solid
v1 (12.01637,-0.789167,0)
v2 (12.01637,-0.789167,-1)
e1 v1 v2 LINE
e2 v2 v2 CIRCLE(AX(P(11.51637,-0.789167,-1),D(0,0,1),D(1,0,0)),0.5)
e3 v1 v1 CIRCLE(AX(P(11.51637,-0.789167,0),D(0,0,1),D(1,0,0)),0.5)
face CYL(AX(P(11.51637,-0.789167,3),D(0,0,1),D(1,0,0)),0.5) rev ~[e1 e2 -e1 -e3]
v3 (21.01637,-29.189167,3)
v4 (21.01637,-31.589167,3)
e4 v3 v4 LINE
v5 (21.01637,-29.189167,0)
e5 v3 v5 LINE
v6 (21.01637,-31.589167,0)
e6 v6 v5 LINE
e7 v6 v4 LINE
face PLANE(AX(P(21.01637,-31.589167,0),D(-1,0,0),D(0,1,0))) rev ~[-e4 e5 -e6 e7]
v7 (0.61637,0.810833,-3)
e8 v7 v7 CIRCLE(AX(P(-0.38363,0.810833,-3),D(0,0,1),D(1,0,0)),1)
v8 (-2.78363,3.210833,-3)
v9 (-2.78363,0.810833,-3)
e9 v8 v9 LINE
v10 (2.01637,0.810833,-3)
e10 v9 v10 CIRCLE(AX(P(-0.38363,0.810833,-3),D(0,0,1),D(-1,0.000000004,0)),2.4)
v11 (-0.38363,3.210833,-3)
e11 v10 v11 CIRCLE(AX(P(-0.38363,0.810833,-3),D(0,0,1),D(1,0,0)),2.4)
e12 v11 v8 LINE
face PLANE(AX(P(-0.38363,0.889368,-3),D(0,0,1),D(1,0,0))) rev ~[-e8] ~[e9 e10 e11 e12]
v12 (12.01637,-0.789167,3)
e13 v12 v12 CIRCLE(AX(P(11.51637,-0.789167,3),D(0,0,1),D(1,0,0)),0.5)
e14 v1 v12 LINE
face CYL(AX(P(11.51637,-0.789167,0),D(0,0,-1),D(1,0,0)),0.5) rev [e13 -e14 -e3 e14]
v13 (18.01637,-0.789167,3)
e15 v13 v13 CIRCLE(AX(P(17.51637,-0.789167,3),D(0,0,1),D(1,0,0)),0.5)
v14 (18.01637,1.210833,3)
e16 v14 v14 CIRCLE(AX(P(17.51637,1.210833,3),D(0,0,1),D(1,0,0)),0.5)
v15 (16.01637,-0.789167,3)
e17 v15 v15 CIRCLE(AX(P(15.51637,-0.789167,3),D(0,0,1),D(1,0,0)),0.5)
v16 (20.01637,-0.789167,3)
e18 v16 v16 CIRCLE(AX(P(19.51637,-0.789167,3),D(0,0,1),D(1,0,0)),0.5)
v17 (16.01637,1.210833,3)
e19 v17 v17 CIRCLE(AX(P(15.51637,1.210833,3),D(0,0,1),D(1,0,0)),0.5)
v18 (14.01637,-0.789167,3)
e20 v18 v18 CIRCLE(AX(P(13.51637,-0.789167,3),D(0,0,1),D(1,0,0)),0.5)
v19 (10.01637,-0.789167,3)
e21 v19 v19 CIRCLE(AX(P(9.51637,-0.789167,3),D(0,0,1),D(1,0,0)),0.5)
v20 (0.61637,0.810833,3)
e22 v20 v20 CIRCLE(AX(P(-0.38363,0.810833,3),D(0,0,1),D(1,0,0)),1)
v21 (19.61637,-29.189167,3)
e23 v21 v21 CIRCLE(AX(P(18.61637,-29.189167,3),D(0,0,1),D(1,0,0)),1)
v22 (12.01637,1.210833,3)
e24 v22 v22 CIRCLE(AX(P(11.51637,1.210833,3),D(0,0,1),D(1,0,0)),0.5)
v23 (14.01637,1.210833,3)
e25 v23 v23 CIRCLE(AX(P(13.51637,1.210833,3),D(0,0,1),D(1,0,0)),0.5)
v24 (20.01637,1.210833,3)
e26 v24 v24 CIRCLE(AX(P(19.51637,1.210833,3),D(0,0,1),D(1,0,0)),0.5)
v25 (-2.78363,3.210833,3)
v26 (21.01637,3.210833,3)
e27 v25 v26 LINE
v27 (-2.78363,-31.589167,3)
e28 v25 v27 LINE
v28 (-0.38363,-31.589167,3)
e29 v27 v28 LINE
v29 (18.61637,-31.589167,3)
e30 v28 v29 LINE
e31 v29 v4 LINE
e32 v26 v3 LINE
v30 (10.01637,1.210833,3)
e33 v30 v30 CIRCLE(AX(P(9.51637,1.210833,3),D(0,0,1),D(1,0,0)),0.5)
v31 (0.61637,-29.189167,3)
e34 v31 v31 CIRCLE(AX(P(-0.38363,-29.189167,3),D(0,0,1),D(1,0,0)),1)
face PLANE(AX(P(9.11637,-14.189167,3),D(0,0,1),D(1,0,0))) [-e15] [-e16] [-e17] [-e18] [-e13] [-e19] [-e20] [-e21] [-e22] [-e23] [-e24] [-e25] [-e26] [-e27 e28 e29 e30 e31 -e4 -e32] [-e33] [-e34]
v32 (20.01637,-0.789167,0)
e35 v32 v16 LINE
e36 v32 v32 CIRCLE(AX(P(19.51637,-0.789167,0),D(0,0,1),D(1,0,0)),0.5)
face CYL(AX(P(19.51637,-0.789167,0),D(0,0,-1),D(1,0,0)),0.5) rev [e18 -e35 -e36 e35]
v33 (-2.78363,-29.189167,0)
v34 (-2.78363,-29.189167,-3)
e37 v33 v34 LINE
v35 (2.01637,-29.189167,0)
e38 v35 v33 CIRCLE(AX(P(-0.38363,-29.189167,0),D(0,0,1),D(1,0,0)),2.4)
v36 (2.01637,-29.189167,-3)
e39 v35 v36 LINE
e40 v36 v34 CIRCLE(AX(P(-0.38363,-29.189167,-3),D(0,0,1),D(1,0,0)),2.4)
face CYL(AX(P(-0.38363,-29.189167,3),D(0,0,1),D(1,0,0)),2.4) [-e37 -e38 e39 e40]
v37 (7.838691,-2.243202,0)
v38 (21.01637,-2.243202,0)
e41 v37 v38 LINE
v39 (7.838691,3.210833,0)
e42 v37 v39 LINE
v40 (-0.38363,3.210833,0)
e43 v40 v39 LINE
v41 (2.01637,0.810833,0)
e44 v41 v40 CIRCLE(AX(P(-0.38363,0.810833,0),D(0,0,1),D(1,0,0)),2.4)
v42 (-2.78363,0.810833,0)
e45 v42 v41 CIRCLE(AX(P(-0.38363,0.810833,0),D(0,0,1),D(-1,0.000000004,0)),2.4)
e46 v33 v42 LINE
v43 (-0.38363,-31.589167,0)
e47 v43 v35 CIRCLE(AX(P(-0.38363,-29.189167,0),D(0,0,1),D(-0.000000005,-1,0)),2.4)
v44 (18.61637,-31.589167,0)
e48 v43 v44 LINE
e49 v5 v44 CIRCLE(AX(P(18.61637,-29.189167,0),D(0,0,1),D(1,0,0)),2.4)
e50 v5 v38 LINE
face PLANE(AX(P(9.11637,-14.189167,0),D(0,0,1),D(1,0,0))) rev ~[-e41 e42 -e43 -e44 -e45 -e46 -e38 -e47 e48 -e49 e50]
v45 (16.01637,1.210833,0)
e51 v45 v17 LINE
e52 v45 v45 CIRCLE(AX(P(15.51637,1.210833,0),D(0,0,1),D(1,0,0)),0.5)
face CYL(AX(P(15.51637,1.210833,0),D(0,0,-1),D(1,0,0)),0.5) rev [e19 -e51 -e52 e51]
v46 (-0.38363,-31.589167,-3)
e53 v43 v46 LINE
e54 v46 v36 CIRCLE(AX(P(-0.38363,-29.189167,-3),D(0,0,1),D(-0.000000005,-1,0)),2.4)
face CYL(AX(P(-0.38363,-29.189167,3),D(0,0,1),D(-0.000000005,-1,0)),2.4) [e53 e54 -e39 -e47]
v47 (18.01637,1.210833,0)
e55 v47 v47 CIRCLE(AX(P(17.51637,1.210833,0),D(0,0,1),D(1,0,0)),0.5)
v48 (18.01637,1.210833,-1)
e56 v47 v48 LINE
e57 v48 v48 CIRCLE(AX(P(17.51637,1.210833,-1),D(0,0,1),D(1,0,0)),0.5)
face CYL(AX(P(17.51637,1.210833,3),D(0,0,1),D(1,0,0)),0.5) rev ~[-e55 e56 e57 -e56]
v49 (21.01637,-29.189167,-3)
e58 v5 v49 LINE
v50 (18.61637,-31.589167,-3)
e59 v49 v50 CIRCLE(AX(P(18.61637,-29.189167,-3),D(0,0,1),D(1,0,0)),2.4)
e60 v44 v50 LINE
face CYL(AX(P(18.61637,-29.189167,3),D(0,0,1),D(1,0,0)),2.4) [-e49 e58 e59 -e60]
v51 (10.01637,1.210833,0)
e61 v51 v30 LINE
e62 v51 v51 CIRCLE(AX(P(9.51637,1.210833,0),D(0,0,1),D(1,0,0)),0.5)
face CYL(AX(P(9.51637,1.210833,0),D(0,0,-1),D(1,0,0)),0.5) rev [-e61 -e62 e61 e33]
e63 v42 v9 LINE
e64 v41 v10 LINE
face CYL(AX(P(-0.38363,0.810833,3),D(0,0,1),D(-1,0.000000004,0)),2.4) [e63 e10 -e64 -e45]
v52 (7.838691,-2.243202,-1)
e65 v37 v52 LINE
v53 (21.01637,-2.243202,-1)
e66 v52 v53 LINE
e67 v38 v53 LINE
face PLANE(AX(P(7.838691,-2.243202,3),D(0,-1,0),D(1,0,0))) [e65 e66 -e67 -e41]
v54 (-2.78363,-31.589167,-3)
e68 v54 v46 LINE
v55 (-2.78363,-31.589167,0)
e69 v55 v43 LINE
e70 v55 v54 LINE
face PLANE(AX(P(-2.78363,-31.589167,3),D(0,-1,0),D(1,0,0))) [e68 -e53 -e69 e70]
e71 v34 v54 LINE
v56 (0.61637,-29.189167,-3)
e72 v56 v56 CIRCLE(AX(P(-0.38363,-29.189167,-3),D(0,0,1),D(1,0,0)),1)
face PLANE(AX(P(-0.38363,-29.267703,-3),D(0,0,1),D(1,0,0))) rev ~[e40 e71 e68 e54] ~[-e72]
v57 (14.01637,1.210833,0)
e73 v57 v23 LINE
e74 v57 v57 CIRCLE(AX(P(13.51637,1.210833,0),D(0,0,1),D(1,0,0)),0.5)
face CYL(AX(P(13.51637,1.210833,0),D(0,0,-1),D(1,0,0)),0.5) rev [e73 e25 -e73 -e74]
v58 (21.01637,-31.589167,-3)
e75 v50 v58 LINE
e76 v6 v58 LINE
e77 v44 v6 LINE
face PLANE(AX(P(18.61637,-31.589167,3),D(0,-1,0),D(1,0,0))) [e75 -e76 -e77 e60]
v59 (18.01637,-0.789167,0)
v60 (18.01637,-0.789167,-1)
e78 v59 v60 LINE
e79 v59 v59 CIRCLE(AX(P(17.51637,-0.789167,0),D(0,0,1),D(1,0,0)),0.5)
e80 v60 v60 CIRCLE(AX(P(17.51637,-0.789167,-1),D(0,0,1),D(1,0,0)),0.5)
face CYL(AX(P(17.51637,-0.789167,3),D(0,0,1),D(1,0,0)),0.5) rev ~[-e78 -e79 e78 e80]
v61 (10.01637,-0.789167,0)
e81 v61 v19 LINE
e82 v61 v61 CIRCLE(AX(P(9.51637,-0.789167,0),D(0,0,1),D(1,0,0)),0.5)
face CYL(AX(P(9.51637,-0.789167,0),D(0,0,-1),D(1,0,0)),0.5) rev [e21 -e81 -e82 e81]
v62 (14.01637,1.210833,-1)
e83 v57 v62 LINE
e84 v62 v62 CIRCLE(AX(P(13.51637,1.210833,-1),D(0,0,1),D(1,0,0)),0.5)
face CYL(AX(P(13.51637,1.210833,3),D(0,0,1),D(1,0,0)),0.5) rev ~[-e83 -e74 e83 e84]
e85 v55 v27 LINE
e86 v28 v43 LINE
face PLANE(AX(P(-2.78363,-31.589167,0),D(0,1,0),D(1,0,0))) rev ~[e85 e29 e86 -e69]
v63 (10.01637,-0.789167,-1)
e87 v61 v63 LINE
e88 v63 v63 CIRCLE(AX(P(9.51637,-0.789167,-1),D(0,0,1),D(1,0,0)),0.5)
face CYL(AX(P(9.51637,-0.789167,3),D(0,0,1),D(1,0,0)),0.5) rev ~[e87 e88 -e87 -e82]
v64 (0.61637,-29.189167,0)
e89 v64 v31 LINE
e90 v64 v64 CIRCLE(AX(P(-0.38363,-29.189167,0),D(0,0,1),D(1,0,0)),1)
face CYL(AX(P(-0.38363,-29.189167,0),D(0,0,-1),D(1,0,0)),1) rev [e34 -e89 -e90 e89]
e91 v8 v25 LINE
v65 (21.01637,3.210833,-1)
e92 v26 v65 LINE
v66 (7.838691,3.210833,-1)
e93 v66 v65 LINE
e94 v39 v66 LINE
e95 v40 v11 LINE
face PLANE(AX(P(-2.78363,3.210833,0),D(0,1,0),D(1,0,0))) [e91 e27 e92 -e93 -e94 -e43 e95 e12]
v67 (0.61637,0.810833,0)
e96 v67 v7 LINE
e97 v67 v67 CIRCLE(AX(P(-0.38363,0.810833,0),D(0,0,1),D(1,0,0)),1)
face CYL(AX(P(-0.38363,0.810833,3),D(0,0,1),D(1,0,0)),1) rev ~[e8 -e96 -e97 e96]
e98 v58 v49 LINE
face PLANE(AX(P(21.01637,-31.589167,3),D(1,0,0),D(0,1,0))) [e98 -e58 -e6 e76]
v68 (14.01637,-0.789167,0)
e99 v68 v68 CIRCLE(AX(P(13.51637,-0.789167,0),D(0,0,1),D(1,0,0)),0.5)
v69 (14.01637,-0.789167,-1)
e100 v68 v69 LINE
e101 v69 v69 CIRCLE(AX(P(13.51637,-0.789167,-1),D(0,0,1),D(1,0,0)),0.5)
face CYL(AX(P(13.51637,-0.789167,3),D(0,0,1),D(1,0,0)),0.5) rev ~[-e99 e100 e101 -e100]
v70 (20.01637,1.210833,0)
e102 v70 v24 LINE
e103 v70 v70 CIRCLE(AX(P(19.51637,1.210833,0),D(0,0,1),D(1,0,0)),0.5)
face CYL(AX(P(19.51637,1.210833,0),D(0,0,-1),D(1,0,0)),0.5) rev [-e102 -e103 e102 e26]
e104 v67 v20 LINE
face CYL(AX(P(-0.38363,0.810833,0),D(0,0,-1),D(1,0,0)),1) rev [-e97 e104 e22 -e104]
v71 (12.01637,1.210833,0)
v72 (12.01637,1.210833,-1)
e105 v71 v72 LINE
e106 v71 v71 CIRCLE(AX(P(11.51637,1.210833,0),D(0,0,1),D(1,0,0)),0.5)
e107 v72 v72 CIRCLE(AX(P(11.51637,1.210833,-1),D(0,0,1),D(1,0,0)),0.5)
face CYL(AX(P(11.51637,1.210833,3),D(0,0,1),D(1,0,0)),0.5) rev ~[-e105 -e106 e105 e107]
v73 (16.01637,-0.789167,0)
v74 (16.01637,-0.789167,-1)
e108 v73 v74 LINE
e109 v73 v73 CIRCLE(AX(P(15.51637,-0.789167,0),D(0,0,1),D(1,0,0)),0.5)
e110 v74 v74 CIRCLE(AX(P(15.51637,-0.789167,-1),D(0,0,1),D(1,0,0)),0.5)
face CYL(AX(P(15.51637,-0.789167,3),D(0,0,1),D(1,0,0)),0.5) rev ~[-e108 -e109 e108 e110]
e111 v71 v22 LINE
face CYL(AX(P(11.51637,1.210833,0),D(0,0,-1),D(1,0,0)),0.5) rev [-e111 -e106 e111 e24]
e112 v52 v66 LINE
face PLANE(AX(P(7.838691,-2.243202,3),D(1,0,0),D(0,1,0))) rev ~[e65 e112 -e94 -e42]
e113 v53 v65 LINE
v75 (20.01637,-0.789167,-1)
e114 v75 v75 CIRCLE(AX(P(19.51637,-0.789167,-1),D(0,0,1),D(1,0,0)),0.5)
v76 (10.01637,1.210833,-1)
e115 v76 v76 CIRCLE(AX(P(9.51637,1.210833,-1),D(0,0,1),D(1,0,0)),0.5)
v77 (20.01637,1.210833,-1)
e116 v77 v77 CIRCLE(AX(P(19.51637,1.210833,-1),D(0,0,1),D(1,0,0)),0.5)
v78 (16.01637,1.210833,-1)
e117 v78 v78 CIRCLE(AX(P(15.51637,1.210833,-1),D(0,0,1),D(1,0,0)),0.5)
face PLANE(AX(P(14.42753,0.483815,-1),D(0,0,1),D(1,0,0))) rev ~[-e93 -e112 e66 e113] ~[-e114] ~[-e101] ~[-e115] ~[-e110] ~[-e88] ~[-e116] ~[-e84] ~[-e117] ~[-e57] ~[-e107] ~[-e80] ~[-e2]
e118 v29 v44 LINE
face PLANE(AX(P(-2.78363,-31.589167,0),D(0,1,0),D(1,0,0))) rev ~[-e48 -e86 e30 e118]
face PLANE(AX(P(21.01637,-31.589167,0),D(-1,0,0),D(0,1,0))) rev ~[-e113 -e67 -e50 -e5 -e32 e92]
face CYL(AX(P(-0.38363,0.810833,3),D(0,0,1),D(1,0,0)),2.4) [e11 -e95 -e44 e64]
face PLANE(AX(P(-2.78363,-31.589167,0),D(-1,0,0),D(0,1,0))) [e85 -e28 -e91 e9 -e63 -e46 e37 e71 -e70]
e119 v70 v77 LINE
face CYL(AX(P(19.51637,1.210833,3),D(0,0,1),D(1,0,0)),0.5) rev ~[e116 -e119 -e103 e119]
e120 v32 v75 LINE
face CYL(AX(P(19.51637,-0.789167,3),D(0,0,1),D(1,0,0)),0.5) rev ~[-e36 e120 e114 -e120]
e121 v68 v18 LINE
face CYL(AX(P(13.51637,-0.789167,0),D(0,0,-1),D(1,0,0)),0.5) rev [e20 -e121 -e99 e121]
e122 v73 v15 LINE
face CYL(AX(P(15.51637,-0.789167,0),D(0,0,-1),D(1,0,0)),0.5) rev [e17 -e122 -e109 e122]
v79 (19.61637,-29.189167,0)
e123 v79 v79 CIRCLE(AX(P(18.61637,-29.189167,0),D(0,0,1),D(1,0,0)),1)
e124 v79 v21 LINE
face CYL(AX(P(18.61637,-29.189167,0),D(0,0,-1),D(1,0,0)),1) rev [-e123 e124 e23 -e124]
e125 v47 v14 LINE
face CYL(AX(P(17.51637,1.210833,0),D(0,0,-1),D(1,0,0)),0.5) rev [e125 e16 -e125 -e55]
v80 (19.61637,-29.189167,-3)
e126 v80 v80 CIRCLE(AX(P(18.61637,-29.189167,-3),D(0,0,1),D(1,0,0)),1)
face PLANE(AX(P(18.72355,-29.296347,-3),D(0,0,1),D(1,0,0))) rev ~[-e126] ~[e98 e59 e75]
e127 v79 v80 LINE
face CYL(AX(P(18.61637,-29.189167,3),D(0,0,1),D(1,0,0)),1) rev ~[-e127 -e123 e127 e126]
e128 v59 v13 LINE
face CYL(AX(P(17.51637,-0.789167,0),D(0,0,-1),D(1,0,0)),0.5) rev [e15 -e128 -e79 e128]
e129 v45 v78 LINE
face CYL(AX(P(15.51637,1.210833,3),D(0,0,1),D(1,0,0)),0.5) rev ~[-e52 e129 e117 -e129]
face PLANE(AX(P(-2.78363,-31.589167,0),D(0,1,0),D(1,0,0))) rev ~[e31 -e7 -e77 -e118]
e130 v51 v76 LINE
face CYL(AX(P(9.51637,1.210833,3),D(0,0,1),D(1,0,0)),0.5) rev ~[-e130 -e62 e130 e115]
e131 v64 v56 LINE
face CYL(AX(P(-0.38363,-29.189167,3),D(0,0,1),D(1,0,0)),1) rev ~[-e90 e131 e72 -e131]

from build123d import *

# Parameters (mm, degrees)
F0_W     = 23.8
F0_H     = 34.8
F0_R     = 1
F0_R_2   = 0.5
F1_DEPTH = 3
F2_W     = 13.1776794076
F2_H     = 5.4540345015
F2_R     = 0.5
F3_DEPTH = 4
F2_R_2   = 1
F4_DEPTH = 6


with BuildPart() as f1:
    # F0 (on Top) → F1 (new body)
    with BuildSketch(Plane.XY):
        with Locations((9.116370061, -14.1891674453)):
            Rectangle(F0_W, F0_H)
        with Locations((-0.383629939, -29.1891674453)):
            Circle(F0_R, mode=Mode.SUBTRACT)
        with Locations((18.616370061, -29.1891674453)):
            Circle(F0_R, mode=Mode.SUBTRACT)
        with Locations((-0.383629939, 0.8108325547)):
            Circle(F0_R, mode=Mode.SUBTRACT)
        with Locations((9.516370061, -0.7891674453)):
            Circle(F0_R_2, mode=Mode.SUBTRACT)
        with Locations((11.516370061, -0.7891674453)):
            Circle(F0_R_2, mode=Mode.SUBTRACT)
        with Locations((9.516370061, 1.2108325547)):
            Circle(F0_R_2, mode=Mode.SUBTRACT)
        with Locations((11.516370061, 1.2108325547)):
            Circle(F0_R_2, mode=Mode.SUBTRACT)
        with Locations((13.516370061, -0.7891674453)):
            Circle(F0_R_2, mode=Mode.SUBTRACT)
        with Locations((13.516370061, 1.2108325547)):
            Circle(F0_R_2, mode=Mode.SUBTRACT)
        with Locations((15.516370061, -0.7891674453)):
            Circle(F0_R_2, mode=Mode.SUBTRACT)
        with Locations((17.516370061, -0.7891674453)):
            Circle(F0_R_2, mode=Mode.SUBTRACT)
        with Locations((15.516370061, 1.2108325547)):
            Circle(F0_R_2, mode=Mode.SUBTRACT)
        with Locations((17.516370061, 1.2108325547)):
            Circle(F0_R_2, mode=Mode.SUBTRACT)
        with Locations((19.516370061, -0.7891674453)):
            Circle(F0_R_2, mode=Mode.SUBTRACT)
        with Locations((19.516370061, 1.2108325547)):
            Circle(F0_R_2, mode=Mode.SUBTRACT)
    extrude(amount=F1_DEPTH)

    # F2 (on face) → F3 (join)
    with BuildSketch(Plane.XY.offset(3)):
        with Locations((14.4275303572, 0.4838153039)):
            Rectangle(F2_W, F2_H)
        with Locations((9.516370061, -0.7891674453)):
            Circle(F2_R, mode=Mode.SUBTRACT)
        with Locations((11.516370061, -0.7891674453)):
            Circle(F2_R, mode=Mode.SUBTRACT)
        with Locations((9.516370061, 1.2108325547)):
            Circle(F2_R, mode=Mode.SUBTRACT)
        with Locations((11.516370061, 1.2108325547)):
            Circle(F2_R, mode=Mode.SUBTRACT)
        with Locations((13.516370061, -0.7891674453)):
            Circle(F2_R, mode=Mode.SUBTRACT)
        with Locations((13.516370061, 1.2108325547)):
            Circle(F2_R, mode=Mode.SUBTRACT)
        with Locations((15.516370061, -0.7891674453)):
            Circle(F2_R, mode=Mode.SUBTRACT)
        with Locations((17.516370061, -0.7891674453)):
            Circle(F2_R, mode=Mode.SUBTRACT)
        with Locations((15.516370061, 1.2108325547)):
            Circle(F2_R, mode=Mode.SUBTRACT)
        with Locations((17.516370061, 1.2108325547)):
            Circle(F2_R, mode=Mode.SUBTRACT)
        with Locations((19.516370061, -0.7891674453)):
            Circle(F2_R, mode=Mode.SUBTRACT)
        with Locations((19.516370061, 1.2108325547)):
            Circle(F2_R, mode=Mode.SUBTRACT)
    extrude(amount=-F3_DEPTH)

    # F2 (on face) → F4 (join)
    with BuildSketch(Plane.XY.offset(3)):
        with BuildLine():
            ThreePointArc((2.016370061, 0.8108325547), (1.3134263377, 2.5078888278), (-0.383629934, 3.2108325547))
            ThreePointArc((-0.383629934, 3.2108325547), (-2.0806862085, 2.5078888348), (-2.783629939, 0.8108325647))
            ThreePointArc((-2.783629939, 0.8108325647), (-0.383629944, -1.5891674453), (2.016370061, 0.8108325547))
        make_face()
        with Locations((-0.383629939, 0.8108325547)):
            Circle(F2_R_2, mode=Mode.SUBTRACT)
        with BuildLine():
            ThreePointArc((2.016370061, -29.1891674453), (-0.383629939, -26.7891674453), (-2.783629939, -29.1891674453))
            ThreePointArc((-2.783629939, -29.1891674453), (-2.0806862184, -30.8862237155), (-0.383629952, -31.5891674453))
            ThreePointArc((-0.383629952, -31.5891674453), (1.3134263313, -30.8862237248), (2.016370061, -29.1891674453))
        make_face()
        with Locations((-0.383629939, -29.1891674453)):
            Circle(F2_R_2, mode=Mode.SUBTRACT)
        with BuildLine():
            ThreePointArc((18.616370061, -31.5891674453), (20.3134263359, -30.8862237202), (21.016370061, -29.1891674453))
            ThreePointArc((21.016370061, -29.1891674453), (16.9193137862, -27.4921111705), (18.616370061, -31.5891674453))
        make_face()
        with Locations((18.616370061, -29.1891674453)):
            Circle(F2_R_2, mode=Mode.SUBTRACT)
        with BuildLine():
            Line((21.016370061, -31.5891674453), (21.016370061, -29.1891674453))
            ThreePointArc((21.016370061, -29.1891674453), (20.3134263359, -30.8862237202), (18.616370061, -31.5891674453))
            Line((18.616370061, -31.5891674453), (21.016370061, -31.5891674453))
        make_face()
        with BuildLine():
            ThreePointArc((-0.383629952, -31.5891674453), (-2.0806862184, -30.8862237155), (-2.783629939, -29.1891674453))
            Line((-2.783629939, -29.1891674453), (-2.783629939, -31.5891674453))
            Line((-2.783629939, -31.5891674453), (-0.383629952, -31.5891674453))
        make_face()
        with BuildLine():
            ThreePointArc((-2.783629939, 0.8108325647), (-2.0806862085, 2.5078888348), (-0.383629934, 3.2108325547))
            Line((-0.383629934, 3.2108325547), (-2.783629939, 3.2108325547))
            Line((-2.783629939, 3.2108325547), (-2.783629939, 0.8108325647))
        make_face()
    extrude(amount=-F4_DEPTH)


solid = f1.part
